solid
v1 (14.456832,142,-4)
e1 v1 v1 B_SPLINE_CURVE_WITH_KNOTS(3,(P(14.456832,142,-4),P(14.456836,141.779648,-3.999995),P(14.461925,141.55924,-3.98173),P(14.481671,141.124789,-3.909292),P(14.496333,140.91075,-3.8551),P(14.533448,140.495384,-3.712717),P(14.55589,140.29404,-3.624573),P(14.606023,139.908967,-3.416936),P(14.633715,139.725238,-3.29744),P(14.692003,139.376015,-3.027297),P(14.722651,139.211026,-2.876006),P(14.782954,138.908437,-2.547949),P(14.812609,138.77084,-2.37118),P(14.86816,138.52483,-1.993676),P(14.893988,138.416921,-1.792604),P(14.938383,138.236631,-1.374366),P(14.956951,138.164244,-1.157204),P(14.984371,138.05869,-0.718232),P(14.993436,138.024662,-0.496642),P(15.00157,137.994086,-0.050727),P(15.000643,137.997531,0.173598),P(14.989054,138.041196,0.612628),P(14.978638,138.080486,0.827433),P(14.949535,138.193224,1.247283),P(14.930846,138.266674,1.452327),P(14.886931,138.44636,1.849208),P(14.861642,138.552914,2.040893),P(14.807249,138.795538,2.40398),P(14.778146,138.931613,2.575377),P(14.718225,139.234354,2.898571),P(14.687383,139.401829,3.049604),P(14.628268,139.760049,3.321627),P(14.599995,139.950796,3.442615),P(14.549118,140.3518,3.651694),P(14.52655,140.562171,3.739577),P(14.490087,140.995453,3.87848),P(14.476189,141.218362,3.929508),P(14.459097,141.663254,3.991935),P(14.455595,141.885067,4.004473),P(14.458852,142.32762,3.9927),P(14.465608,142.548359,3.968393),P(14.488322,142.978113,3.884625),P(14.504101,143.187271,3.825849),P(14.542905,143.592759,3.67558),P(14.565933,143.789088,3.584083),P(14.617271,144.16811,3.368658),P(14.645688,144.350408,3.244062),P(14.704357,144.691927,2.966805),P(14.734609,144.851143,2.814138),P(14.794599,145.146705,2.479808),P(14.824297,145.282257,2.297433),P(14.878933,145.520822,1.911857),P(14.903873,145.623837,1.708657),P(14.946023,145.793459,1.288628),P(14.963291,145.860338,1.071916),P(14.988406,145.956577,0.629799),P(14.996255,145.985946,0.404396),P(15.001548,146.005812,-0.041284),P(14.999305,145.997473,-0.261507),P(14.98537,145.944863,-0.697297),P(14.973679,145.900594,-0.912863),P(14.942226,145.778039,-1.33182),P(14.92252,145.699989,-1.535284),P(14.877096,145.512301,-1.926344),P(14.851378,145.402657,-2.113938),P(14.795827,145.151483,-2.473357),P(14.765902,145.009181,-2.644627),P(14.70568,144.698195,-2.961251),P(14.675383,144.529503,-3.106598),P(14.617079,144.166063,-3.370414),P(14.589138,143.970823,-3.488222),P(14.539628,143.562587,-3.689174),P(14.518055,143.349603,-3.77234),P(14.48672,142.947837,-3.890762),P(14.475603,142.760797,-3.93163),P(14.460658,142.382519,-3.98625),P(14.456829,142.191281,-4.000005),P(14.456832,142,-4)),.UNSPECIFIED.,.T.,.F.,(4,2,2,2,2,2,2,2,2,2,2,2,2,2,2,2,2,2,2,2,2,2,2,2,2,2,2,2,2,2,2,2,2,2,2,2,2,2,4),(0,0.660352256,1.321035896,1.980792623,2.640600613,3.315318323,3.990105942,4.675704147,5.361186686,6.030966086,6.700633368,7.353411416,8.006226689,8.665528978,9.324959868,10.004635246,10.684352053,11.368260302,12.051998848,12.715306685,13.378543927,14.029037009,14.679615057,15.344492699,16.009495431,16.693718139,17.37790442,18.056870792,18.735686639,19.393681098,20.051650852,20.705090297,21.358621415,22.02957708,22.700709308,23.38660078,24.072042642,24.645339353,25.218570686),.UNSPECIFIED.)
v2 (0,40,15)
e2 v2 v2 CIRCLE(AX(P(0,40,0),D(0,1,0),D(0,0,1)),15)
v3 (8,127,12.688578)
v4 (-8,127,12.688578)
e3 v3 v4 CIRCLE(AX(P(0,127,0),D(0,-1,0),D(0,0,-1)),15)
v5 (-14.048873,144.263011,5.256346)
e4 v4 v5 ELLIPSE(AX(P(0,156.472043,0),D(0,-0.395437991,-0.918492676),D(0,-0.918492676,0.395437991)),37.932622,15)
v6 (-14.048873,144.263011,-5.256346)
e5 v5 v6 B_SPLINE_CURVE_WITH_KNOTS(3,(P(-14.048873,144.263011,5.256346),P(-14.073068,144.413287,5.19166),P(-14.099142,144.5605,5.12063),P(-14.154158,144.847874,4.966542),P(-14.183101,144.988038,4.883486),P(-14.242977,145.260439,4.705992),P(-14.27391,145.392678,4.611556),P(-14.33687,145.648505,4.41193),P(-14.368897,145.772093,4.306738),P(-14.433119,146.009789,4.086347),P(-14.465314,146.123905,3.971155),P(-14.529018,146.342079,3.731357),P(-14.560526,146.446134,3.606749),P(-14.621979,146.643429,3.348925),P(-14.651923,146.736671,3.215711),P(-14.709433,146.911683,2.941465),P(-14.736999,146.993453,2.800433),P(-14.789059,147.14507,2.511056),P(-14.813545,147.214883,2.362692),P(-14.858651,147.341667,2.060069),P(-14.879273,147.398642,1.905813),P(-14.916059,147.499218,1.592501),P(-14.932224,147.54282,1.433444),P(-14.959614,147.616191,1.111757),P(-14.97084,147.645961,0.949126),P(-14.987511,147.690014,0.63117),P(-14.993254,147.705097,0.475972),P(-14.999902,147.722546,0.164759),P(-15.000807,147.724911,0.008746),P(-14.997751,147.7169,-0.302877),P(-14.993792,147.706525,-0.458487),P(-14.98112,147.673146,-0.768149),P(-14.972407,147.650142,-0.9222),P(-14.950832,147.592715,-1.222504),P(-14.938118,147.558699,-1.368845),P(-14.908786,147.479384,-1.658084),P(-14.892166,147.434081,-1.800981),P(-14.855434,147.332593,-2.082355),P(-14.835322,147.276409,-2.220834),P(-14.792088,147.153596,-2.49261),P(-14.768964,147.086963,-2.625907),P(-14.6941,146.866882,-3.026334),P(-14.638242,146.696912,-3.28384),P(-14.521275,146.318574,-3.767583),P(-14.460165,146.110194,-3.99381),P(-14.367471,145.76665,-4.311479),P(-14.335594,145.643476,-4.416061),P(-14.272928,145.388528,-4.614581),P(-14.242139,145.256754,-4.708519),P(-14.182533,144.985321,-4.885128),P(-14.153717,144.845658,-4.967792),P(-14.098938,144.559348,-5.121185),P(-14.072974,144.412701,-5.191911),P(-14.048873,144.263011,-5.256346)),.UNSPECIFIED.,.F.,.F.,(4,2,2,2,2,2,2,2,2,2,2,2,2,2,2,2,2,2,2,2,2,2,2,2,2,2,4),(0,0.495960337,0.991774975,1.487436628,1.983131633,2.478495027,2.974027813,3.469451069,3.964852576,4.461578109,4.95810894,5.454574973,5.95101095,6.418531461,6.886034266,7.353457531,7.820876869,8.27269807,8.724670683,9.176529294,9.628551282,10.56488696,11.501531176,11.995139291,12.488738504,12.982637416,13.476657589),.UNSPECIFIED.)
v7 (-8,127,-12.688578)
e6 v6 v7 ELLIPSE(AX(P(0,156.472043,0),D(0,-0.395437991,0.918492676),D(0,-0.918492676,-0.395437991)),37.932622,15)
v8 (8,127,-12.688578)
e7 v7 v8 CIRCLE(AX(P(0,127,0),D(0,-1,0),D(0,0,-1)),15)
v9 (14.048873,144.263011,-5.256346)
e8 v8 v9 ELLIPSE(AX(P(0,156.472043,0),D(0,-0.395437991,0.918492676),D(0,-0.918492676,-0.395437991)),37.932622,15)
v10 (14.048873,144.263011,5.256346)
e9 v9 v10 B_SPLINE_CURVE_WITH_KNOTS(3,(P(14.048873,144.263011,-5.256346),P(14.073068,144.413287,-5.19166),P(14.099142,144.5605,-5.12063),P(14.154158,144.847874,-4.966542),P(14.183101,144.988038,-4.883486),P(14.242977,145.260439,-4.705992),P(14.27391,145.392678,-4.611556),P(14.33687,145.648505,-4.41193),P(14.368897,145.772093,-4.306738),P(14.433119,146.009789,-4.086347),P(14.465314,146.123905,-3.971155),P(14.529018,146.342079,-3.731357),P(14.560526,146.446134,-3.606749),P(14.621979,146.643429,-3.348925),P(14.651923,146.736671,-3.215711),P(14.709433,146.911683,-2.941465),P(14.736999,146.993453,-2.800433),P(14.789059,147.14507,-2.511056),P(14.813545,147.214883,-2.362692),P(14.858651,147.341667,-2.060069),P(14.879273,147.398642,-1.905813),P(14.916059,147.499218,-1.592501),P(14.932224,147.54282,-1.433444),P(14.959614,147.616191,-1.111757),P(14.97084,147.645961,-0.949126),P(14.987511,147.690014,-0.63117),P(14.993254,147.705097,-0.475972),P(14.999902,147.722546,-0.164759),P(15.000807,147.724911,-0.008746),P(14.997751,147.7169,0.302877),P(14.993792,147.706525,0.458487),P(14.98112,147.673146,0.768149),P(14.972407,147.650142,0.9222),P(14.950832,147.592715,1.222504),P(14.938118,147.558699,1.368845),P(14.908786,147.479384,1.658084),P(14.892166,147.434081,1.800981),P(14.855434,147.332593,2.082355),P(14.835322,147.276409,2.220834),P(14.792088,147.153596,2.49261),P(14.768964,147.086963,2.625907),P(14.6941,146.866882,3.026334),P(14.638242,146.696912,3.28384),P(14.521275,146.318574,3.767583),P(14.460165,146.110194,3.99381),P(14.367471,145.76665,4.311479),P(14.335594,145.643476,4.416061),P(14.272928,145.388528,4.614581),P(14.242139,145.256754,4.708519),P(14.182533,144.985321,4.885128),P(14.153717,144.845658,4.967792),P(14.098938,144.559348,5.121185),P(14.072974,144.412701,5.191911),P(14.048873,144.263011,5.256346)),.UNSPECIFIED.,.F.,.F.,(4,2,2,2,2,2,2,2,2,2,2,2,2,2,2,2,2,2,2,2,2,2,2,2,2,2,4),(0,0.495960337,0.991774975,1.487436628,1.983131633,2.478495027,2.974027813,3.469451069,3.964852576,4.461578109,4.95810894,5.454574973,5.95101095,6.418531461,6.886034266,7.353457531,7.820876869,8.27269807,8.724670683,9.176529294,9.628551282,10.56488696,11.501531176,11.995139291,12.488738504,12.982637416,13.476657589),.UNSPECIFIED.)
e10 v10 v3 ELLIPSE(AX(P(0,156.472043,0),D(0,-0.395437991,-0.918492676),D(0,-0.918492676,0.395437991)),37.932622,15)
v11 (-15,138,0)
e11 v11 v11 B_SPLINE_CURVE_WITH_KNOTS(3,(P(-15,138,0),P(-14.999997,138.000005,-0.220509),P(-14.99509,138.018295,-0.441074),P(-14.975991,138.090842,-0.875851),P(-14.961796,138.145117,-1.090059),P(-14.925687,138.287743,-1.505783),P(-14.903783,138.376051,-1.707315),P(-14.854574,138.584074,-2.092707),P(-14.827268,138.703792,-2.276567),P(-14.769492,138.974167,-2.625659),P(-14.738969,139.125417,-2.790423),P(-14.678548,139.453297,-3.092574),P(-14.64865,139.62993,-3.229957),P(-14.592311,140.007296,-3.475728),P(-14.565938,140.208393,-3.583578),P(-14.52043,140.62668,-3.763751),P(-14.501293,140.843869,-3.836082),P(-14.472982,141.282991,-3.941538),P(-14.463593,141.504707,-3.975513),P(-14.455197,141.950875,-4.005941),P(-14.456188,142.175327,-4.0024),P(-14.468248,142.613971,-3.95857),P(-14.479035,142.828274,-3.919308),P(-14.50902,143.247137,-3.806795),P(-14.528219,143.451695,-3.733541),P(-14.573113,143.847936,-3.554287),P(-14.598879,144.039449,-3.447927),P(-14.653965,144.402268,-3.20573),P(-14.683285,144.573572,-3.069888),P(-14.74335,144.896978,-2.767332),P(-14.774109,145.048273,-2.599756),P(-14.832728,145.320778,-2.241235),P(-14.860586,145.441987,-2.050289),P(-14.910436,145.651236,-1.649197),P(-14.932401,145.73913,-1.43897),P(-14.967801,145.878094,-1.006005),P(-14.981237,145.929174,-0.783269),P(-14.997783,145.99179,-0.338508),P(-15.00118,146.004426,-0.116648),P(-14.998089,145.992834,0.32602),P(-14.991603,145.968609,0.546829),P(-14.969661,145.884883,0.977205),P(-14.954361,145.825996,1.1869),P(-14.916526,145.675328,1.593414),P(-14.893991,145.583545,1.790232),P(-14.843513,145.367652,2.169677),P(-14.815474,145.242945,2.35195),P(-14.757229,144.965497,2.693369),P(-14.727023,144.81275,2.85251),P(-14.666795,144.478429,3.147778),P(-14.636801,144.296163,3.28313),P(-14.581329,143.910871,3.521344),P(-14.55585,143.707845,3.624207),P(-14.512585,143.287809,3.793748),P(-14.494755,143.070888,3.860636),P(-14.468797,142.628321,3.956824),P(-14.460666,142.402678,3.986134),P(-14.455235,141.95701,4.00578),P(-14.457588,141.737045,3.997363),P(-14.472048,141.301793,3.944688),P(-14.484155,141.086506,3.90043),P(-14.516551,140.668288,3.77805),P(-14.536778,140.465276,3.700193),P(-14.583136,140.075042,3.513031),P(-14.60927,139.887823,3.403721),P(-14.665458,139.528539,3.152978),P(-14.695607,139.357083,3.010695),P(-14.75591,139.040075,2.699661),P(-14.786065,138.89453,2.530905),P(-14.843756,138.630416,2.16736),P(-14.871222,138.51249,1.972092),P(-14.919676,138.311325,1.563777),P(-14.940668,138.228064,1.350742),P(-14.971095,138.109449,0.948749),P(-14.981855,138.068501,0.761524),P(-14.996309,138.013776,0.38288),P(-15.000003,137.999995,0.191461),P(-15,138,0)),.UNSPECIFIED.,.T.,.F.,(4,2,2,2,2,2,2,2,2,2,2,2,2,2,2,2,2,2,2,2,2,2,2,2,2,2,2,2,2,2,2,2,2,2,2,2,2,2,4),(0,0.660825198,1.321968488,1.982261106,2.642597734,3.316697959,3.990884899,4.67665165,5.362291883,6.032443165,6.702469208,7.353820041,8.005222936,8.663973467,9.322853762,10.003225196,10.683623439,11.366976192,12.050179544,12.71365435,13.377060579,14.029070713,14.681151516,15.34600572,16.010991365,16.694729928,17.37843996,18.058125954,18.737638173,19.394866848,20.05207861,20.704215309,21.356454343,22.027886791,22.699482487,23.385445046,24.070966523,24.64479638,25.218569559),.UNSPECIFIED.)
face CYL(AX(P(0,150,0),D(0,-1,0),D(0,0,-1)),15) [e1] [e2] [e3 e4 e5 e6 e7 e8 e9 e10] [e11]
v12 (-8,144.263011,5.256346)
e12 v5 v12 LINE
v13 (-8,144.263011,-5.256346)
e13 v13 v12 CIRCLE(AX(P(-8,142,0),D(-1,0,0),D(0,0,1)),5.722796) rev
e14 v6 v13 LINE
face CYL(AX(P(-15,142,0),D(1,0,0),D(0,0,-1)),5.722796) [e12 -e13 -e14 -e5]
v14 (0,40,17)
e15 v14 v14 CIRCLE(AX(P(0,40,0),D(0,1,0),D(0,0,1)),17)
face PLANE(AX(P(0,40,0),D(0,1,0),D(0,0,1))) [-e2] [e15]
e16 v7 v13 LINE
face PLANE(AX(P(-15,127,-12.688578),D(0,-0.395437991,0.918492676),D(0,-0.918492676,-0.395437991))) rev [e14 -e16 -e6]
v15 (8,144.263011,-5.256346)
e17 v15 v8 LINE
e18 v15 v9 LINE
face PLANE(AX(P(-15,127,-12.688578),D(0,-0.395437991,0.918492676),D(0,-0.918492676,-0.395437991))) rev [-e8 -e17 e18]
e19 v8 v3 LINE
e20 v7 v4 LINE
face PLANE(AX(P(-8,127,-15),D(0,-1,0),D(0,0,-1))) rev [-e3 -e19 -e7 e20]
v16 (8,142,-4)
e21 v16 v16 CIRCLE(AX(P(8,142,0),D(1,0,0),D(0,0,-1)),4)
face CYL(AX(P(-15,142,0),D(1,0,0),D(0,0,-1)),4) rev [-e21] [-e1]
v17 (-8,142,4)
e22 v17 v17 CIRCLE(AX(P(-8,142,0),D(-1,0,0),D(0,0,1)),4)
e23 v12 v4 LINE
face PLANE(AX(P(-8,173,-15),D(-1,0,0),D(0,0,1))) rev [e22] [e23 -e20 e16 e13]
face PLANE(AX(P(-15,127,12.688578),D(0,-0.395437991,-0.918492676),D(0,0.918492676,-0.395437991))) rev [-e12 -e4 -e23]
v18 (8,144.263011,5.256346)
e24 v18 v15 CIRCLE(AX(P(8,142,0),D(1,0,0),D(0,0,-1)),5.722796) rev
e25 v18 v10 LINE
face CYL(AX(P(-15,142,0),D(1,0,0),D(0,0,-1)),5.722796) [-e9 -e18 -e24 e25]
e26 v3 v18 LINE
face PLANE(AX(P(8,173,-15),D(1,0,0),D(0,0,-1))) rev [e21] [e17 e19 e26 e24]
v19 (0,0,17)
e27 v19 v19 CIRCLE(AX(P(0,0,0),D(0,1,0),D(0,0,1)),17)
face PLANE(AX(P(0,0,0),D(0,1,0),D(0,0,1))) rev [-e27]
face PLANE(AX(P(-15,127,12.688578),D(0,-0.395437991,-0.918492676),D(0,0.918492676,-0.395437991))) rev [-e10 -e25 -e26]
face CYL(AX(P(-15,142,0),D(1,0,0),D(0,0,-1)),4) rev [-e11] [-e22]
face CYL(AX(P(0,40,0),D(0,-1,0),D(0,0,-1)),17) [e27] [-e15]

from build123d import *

# Parameters (mm, degrees)
SKETCH_1_R          = 17
EXTRUDE_1_DEPTH     = 40
SKETCH_2_R          = 15
EXTRUDE_2_DEPTH     = 110
SKETCH_3_W          = 16
SKETCH_3_H          = 46
CUT_EXTRUDE_1_DEPTH = 15
SKETCH_4_R          = 4
CUT_EXTRUDE_2_DEPTH = 15
CUT_EXTRUDE_4_DEPTH = 15


with BuildPart() as part:
    # 草图1 → 凸台-拉伸1 (new body)
    with BuildSketch(Plane(origin=(0, 0, 0), x_dir=(1, 0, 0), z_dir=(0, 1, 0))):
        with Locations(Location((0, 0, 0), (0, 0, 270))):
            Circle(SKETCH_1_R)
    extrude(amount=EXTRUDE_1_DEPTH)

    # 草图2 → 凸台-拉伸2 (add)
    with BuildSketch(Plane(origin=(0, 40, 0), x_dir=(1, 0, 0), z_dir=(0, 1, 0))):
        with Locations(Location((0, 0, 0), (0, 0, 270))):
            Circle(SKETCH_2_R)
    extrude(amount=EXTRUDE_2_DEPTH)

    # 草图3 → 切除-拉伸1 (cut, symmetric)
    with BuildSketch(Plane.XY):
        with Locations((0, 150)):
            Rectangle(SKETCH_3_W, SKETCH_3_H)
    extrude(amount=CUT_EXTRUDE_1_DEPTH, both=True, mode=Mode.SUBTRACT)

    # 草图4 → 切除-拉伸2 (cut, symmetric)
    with BuildSketch(Plane(origin=(0, 0, 0), x_dir=(0, 0, -1), z_dir=(1, 0, 0))):
        with Locations(Location((0, 142, 0), (0, 0, 270))):
            Circle(SKETCH_4_R)
    extrude(amount=CUT_EXTRUDE_2_DEPTH, both=True, mode=Mode.SUBTRACT)

    # 草图8 → 切除-拉伸4 (cut, symmetric)
    with BuildSketch(Plane(origin=(0, 0, 0), x_dir=(0, 0, -1), z_dir=(1, 0, 0))):
        with BuildLine():
            Line((-12.68857754, 127), (-5.256345918, 144.263010824))
            ThreePointArc((-5.256345918, 144.263010824), (0, 147.722795681), (5.256345918, 144.263010824))
            Line((5.256345918, 144.263010824), (12.68857754, 127))
            Line((12.68857754, 127), (12.68857754, 150))
            Line((12.68857754, 150), (-12.68857754, 150))
            Line((-12.68857754, 150), (-12.68857754, 127))
        make_face()
    extrude(amount=CUT_EXTRUDE_4_DEPTH, both=True, mode=Mode.SUBTRACT)


solid = part.part
